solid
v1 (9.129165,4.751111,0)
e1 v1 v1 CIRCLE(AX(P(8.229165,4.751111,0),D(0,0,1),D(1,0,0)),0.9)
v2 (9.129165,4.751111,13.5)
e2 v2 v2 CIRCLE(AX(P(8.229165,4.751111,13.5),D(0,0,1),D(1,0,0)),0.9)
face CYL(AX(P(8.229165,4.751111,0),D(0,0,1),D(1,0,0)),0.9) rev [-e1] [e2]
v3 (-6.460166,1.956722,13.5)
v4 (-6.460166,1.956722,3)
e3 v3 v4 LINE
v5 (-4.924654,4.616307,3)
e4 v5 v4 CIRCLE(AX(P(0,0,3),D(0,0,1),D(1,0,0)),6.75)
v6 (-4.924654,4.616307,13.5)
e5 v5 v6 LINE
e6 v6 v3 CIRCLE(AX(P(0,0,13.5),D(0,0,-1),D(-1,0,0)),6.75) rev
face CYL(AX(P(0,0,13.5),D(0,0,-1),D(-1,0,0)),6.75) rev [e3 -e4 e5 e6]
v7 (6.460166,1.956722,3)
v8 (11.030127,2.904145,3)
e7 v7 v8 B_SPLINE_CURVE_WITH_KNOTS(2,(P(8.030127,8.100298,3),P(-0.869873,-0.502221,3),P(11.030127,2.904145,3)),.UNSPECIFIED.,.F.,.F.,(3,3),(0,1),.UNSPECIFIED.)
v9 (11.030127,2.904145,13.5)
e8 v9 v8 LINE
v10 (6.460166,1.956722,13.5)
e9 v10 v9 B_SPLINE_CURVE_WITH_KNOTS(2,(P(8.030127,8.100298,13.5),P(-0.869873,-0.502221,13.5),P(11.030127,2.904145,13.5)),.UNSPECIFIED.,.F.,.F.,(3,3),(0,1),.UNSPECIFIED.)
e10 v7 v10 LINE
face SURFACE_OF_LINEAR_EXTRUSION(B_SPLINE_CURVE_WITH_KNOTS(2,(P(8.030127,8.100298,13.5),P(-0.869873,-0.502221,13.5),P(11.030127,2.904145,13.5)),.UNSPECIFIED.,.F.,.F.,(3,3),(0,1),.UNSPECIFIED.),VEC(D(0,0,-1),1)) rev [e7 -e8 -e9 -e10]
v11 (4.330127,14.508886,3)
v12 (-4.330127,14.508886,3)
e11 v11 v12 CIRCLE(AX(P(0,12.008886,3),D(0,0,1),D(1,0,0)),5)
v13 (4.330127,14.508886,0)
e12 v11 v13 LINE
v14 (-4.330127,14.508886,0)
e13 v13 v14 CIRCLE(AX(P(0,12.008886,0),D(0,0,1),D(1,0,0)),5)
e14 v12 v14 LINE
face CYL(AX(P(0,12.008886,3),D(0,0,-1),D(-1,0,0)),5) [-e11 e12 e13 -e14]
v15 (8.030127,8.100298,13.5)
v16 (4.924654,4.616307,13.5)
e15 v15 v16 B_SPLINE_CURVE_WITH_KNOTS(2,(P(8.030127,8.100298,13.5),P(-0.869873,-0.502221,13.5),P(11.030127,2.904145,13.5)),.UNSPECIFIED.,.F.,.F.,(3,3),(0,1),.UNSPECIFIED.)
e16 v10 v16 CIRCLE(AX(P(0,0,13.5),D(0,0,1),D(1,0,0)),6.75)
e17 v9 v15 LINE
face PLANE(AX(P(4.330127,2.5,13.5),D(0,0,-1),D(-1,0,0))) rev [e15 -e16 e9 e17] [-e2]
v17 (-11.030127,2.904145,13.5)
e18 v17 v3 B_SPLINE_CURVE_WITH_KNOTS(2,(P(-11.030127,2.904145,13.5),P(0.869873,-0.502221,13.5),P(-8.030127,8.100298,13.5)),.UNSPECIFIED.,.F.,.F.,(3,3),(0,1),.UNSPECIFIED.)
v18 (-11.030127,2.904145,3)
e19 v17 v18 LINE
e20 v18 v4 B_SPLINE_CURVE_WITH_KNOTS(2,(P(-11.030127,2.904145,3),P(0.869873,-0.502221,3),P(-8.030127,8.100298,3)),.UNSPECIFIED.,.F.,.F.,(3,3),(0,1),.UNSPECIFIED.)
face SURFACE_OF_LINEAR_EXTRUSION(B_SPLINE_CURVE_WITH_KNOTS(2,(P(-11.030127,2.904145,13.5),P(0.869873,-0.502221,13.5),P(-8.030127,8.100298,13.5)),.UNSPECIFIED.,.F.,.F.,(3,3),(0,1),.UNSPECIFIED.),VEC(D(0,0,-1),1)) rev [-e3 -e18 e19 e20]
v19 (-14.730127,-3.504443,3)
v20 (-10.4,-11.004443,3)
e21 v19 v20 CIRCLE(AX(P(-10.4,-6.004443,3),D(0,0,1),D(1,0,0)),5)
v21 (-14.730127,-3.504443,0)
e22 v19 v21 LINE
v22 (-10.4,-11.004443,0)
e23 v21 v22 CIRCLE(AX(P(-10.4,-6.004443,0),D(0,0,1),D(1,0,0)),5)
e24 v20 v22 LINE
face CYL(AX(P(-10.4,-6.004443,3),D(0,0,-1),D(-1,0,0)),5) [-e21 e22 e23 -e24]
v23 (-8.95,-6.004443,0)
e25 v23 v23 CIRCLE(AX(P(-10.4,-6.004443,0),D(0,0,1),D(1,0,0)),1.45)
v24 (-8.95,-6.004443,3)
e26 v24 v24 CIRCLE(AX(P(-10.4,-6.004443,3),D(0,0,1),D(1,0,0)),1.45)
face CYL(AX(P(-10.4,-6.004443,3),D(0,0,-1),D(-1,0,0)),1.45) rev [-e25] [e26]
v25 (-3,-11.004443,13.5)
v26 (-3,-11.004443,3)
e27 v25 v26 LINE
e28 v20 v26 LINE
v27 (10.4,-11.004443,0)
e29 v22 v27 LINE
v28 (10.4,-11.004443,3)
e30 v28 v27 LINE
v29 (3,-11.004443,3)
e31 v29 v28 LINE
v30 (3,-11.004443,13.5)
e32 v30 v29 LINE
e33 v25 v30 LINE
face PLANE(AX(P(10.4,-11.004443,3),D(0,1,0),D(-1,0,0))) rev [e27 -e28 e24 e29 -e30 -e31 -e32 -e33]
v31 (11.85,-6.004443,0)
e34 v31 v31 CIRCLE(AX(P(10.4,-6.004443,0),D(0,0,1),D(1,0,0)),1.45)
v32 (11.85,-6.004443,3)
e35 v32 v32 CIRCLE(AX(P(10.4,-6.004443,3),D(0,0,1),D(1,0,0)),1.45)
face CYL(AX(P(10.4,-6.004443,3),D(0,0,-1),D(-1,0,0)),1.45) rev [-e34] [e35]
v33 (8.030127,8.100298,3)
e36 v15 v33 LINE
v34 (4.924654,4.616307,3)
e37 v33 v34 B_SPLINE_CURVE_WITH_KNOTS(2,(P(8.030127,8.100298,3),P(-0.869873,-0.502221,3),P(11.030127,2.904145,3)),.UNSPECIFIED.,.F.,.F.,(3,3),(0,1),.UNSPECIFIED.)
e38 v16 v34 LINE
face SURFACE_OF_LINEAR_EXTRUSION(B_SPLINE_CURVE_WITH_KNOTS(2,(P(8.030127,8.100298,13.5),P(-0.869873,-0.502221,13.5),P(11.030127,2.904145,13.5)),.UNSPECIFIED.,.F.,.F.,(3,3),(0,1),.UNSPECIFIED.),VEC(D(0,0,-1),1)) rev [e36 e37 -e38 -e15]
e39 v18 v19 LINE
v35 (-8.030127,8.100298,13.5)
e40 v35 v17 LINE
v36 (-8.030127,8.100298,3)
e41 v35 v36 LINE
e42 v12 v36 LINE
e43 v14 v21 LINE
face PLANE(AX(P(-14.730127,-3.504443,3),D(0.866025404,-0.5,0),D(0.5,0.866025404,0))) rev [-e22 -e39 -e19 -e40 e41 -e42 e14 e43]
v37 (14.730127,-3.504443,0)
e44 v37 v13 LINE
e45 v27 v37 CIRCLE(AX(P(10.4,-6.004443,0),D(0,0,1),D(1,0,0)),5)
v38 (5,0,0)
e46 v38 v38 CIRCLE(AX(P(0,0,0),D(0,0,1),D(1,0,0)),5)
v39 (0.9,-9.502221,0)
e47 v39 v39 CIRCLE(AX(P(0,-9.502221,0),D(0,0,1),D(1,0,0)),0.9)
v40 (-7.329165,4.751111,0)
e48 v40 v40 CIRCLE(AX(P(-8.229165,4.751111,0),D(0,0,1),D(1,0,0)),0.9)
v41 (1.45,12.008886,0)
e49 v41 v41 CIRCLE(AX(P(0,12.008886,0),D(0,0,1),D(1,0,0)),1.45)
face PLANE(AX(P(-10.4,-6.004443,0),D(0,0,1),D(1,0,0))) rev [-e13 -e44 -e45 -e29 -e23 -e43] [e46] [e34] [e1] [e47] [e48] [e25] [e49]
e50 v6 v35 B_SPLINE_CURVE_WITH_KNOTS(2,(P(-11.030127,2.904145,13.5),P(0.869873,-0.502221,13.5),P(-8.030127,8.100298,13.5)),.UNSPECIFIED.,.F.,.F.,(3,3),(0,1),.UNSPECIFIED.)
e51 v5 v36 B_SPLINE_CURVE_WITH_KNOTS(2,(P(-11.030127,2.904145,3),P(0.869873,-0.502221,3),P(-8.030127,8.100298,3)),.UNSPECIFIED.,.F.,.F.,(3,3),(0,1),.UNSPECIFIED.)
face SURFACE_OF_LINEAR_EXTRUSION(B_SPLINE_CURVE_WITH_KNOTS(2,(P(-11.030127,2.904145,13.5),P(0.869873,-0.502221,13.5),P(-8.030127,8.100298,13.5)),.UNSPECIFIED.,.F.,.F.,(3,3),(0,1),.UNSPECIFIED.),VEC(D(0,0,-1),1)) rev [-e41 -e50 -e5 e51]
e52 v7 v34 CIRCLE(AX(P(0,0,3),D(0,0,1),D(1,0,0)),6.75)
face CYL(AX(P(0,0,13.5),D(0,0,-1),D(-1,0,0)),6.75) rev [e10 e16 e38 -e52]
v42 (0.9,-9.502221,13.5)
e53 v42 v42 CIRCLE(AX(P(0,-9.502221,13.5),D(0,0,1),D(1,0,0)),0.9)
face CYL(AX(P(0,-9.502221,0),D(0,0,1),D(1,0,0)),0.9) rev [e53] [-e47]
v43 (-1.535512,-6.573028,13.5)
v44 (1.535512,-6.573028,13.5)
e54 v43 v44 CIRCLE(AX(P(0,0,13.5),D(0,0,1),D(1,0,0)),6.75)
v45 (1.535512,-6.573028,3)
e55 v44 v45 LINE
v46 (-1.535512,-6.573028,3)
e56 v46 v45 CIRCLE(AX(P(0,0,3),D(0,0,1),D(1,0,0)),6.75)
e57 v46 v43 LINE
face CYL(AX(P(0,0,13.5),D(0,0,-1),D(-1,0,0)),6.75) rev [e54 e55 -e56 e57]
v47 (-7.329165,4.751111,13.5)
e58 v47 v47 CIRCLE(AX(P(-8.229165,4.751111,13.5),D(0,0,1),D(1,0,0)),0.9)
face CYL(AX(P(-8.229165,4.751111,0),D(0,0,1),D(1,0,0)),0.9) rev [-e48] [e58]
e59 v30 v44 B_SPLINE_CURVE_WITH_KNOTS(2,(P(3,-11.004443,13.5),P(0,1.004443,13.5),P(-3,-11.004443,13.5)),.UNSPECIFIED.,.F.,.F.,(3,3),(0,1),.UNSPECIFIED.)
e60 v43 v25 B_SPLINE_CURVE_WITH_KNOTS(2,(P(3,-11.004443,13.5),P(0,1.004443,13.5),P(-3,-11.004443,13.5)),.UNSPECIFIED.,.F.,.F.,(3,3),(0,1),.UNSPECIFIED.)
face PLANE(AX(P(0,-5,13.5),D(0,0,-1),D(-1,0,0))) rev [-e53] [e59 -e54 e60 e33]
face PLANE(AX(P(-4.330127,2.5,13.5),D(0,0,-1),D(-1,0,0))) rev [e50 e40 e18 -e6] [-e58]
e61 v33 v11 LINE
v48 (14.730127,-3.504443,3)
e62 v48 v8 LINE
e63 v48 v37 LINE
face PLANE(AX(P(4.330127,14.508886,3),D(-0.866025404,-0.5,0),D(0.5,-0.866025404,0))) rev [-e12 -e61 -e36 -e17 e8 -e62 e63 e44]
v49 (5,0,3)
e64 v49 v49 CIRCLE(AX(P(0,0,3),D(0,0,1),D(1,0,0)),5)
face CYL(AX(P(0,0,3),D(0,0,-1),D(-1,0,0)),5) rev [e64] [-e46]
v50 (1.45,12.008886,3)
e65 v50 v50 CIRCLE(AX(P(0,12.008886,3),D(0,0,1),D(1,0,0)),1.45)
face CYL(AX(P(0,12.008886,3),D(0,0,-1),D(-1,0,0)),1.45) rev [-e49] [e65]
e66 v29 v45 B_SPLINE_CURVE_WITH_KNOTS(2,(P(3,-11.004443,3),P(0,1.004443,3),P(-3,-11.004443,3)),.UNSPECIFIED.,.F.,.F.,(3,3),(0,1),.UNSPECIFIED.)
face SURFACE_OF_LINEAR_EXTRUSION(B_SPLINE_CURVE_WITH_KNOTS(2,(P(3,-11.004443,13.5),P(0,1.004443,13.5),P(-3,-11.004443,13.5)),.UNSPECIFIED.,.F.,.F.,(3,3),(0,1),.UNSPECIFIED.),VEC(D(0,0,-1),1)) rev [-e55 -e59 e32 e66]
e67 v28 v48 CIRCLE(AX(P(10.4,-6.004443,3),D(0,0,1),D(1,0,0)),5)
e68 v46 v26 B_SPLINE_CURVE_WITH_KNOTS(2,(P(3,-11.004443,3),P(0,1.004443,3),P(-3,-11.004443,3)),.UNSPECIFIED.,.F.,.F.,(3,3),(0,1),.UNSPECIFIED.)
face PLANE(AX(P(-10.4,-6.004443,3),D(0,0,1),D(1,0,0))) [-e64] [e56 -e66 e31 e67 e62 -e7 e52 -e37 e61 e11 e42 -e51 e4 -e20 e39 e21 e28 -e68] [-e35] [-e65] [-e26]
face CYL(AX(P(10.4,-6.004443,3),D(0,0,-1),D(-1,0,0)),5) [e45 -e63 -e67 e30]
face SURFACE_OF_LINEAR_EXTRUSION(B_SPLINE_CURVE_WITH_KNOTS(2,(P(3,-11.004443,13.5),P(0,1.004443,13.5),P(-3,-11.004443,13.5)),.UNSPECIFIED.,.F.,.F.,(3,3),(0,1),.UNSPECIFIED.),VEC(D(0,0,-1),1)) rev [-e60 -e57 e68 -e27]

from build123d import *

# Parameters (mm, degrees)
SKETCH1_R           = 1.45
SKETCH1_R_2         = 5
BOSS_EXTRUDE1_DEPTH = 3
BOSS_EXTRUDE2_DEPTH = 10.5
SKETCH3_R           = 6.75
CUT_EXTRUDE1_DEPTH  = 11.5000001
SKETCH4_R           = 0.9
CUT_EXTRUDE2_DEPTH  = 14.5


with BuildPart() as part:
    # Sketch1 → Boss-Extrude1 (new body)
    with BuildSketch(Plane.XY):
        with BuildLine():
            Line((-14.730127019, -3.5044428), (-4.330127019, 14.508885599))
            ThreePointArc((-4.330127019, 14.508885599), (0, 17.008885599), (4.330127019, 14.508885599))
            Line((4.330127019, 14.508885599), (14.730127019, -3.5044428))
            ThreePointArc((14.730127019, -3.5044428), (14.730127019, -8.5044428), (10.4, -11.0044428))
            Line((10.4, -11.0044428), (-10.4, -11.0044428))
            ThreePointArc((-10.4, -11.0044428), (-14.730127019, -8.5044428), (-14.730127019, -3.5044428))
        make_face()
        with Locations((0, 12.008885599)):
            Circle(SKETCH1_R, mode=Mode.SUBTRACT)
        with Locations((-10.4, -6.0044428)):
            Circle(SKETCH1_R, mode=Mode.SUBTRACT)
        with Locations((10.4, -6.0044428)):
            Circle(SKETCH1_R, mode=Mode.SUBTRACT)
        Circle(SKETCH1_R_2, mode=Mode.SUBTRACT)
    extrude(amount=BOSS_EXTRUDE1_DEPTH)

    # Sketch2 → Boss-Extrude2 (add)
    with BuildSketch(Plane.XY.offset(3)):
        with BuildLine():
            Line((8.030127019, 8.100297611), (11.030127019, 2.904145188))
            add(Edge.make_bspline(
                [(8.030127019, 8.100297611), (-0.869872981, -0.5022214), (11.030127019, 2.904145188)],
                knots=[0, 0, 0, 1, 1, 1], degree=2))
        make_face()
        with BuildLine():
            Line((3, -11.0044428), (-3, -11.0044428))
            add(Edge.make_bspline(
                [(3, -11.0044428), (0, 1.0044428), (-3, -11.0044428)],
                knots=[0, 0, 0, 1, 1, 1], degree=2))
        make_face()
        with BuildLine():
            Line((-11.030127019, 2.904145188), (-8.030127019, 8.100297611))
            add(Edge.make_bspline(
                [(-11.030127019, 2.904145188), (0.869872981, -0.5022214), (-8.030127019, 8.100297611)],
                knots=[0, 0, 0, 1, 1, 1], degree=2))
        make_face()
    extrude(amount=BOSS_EXTRUDE2_DEPTH)

    # Sketch3 → Cut-Extrude1 (cut, through all)
    with BuildSketch(Plane.XY.offset(3)):
        Circle(SKETCH3_R)
    extrude(amount=CUT_EXTRUDE1_DEPTH, mode=Mode.SUBTRACT)

    # Sketch4 → Cut-Extrude2 (cut, through all)
    with BuildSketch(Plane.XY.offset(13.5)):
        with Locations((8.229165125, 4.7511107)):
            Circle(SKETCH4_R)
        with Locations((0, -9.5022214)):
            Circle(SKETCH4_R)
        with Locations((-8.229165125, 4.7511107)):
            Circle(SKETCH4_R)
    extrude(amount=-CUT_EXTRUDE2_DEPTH, mode=Mode.SUBTRACT)


solid = part.part
